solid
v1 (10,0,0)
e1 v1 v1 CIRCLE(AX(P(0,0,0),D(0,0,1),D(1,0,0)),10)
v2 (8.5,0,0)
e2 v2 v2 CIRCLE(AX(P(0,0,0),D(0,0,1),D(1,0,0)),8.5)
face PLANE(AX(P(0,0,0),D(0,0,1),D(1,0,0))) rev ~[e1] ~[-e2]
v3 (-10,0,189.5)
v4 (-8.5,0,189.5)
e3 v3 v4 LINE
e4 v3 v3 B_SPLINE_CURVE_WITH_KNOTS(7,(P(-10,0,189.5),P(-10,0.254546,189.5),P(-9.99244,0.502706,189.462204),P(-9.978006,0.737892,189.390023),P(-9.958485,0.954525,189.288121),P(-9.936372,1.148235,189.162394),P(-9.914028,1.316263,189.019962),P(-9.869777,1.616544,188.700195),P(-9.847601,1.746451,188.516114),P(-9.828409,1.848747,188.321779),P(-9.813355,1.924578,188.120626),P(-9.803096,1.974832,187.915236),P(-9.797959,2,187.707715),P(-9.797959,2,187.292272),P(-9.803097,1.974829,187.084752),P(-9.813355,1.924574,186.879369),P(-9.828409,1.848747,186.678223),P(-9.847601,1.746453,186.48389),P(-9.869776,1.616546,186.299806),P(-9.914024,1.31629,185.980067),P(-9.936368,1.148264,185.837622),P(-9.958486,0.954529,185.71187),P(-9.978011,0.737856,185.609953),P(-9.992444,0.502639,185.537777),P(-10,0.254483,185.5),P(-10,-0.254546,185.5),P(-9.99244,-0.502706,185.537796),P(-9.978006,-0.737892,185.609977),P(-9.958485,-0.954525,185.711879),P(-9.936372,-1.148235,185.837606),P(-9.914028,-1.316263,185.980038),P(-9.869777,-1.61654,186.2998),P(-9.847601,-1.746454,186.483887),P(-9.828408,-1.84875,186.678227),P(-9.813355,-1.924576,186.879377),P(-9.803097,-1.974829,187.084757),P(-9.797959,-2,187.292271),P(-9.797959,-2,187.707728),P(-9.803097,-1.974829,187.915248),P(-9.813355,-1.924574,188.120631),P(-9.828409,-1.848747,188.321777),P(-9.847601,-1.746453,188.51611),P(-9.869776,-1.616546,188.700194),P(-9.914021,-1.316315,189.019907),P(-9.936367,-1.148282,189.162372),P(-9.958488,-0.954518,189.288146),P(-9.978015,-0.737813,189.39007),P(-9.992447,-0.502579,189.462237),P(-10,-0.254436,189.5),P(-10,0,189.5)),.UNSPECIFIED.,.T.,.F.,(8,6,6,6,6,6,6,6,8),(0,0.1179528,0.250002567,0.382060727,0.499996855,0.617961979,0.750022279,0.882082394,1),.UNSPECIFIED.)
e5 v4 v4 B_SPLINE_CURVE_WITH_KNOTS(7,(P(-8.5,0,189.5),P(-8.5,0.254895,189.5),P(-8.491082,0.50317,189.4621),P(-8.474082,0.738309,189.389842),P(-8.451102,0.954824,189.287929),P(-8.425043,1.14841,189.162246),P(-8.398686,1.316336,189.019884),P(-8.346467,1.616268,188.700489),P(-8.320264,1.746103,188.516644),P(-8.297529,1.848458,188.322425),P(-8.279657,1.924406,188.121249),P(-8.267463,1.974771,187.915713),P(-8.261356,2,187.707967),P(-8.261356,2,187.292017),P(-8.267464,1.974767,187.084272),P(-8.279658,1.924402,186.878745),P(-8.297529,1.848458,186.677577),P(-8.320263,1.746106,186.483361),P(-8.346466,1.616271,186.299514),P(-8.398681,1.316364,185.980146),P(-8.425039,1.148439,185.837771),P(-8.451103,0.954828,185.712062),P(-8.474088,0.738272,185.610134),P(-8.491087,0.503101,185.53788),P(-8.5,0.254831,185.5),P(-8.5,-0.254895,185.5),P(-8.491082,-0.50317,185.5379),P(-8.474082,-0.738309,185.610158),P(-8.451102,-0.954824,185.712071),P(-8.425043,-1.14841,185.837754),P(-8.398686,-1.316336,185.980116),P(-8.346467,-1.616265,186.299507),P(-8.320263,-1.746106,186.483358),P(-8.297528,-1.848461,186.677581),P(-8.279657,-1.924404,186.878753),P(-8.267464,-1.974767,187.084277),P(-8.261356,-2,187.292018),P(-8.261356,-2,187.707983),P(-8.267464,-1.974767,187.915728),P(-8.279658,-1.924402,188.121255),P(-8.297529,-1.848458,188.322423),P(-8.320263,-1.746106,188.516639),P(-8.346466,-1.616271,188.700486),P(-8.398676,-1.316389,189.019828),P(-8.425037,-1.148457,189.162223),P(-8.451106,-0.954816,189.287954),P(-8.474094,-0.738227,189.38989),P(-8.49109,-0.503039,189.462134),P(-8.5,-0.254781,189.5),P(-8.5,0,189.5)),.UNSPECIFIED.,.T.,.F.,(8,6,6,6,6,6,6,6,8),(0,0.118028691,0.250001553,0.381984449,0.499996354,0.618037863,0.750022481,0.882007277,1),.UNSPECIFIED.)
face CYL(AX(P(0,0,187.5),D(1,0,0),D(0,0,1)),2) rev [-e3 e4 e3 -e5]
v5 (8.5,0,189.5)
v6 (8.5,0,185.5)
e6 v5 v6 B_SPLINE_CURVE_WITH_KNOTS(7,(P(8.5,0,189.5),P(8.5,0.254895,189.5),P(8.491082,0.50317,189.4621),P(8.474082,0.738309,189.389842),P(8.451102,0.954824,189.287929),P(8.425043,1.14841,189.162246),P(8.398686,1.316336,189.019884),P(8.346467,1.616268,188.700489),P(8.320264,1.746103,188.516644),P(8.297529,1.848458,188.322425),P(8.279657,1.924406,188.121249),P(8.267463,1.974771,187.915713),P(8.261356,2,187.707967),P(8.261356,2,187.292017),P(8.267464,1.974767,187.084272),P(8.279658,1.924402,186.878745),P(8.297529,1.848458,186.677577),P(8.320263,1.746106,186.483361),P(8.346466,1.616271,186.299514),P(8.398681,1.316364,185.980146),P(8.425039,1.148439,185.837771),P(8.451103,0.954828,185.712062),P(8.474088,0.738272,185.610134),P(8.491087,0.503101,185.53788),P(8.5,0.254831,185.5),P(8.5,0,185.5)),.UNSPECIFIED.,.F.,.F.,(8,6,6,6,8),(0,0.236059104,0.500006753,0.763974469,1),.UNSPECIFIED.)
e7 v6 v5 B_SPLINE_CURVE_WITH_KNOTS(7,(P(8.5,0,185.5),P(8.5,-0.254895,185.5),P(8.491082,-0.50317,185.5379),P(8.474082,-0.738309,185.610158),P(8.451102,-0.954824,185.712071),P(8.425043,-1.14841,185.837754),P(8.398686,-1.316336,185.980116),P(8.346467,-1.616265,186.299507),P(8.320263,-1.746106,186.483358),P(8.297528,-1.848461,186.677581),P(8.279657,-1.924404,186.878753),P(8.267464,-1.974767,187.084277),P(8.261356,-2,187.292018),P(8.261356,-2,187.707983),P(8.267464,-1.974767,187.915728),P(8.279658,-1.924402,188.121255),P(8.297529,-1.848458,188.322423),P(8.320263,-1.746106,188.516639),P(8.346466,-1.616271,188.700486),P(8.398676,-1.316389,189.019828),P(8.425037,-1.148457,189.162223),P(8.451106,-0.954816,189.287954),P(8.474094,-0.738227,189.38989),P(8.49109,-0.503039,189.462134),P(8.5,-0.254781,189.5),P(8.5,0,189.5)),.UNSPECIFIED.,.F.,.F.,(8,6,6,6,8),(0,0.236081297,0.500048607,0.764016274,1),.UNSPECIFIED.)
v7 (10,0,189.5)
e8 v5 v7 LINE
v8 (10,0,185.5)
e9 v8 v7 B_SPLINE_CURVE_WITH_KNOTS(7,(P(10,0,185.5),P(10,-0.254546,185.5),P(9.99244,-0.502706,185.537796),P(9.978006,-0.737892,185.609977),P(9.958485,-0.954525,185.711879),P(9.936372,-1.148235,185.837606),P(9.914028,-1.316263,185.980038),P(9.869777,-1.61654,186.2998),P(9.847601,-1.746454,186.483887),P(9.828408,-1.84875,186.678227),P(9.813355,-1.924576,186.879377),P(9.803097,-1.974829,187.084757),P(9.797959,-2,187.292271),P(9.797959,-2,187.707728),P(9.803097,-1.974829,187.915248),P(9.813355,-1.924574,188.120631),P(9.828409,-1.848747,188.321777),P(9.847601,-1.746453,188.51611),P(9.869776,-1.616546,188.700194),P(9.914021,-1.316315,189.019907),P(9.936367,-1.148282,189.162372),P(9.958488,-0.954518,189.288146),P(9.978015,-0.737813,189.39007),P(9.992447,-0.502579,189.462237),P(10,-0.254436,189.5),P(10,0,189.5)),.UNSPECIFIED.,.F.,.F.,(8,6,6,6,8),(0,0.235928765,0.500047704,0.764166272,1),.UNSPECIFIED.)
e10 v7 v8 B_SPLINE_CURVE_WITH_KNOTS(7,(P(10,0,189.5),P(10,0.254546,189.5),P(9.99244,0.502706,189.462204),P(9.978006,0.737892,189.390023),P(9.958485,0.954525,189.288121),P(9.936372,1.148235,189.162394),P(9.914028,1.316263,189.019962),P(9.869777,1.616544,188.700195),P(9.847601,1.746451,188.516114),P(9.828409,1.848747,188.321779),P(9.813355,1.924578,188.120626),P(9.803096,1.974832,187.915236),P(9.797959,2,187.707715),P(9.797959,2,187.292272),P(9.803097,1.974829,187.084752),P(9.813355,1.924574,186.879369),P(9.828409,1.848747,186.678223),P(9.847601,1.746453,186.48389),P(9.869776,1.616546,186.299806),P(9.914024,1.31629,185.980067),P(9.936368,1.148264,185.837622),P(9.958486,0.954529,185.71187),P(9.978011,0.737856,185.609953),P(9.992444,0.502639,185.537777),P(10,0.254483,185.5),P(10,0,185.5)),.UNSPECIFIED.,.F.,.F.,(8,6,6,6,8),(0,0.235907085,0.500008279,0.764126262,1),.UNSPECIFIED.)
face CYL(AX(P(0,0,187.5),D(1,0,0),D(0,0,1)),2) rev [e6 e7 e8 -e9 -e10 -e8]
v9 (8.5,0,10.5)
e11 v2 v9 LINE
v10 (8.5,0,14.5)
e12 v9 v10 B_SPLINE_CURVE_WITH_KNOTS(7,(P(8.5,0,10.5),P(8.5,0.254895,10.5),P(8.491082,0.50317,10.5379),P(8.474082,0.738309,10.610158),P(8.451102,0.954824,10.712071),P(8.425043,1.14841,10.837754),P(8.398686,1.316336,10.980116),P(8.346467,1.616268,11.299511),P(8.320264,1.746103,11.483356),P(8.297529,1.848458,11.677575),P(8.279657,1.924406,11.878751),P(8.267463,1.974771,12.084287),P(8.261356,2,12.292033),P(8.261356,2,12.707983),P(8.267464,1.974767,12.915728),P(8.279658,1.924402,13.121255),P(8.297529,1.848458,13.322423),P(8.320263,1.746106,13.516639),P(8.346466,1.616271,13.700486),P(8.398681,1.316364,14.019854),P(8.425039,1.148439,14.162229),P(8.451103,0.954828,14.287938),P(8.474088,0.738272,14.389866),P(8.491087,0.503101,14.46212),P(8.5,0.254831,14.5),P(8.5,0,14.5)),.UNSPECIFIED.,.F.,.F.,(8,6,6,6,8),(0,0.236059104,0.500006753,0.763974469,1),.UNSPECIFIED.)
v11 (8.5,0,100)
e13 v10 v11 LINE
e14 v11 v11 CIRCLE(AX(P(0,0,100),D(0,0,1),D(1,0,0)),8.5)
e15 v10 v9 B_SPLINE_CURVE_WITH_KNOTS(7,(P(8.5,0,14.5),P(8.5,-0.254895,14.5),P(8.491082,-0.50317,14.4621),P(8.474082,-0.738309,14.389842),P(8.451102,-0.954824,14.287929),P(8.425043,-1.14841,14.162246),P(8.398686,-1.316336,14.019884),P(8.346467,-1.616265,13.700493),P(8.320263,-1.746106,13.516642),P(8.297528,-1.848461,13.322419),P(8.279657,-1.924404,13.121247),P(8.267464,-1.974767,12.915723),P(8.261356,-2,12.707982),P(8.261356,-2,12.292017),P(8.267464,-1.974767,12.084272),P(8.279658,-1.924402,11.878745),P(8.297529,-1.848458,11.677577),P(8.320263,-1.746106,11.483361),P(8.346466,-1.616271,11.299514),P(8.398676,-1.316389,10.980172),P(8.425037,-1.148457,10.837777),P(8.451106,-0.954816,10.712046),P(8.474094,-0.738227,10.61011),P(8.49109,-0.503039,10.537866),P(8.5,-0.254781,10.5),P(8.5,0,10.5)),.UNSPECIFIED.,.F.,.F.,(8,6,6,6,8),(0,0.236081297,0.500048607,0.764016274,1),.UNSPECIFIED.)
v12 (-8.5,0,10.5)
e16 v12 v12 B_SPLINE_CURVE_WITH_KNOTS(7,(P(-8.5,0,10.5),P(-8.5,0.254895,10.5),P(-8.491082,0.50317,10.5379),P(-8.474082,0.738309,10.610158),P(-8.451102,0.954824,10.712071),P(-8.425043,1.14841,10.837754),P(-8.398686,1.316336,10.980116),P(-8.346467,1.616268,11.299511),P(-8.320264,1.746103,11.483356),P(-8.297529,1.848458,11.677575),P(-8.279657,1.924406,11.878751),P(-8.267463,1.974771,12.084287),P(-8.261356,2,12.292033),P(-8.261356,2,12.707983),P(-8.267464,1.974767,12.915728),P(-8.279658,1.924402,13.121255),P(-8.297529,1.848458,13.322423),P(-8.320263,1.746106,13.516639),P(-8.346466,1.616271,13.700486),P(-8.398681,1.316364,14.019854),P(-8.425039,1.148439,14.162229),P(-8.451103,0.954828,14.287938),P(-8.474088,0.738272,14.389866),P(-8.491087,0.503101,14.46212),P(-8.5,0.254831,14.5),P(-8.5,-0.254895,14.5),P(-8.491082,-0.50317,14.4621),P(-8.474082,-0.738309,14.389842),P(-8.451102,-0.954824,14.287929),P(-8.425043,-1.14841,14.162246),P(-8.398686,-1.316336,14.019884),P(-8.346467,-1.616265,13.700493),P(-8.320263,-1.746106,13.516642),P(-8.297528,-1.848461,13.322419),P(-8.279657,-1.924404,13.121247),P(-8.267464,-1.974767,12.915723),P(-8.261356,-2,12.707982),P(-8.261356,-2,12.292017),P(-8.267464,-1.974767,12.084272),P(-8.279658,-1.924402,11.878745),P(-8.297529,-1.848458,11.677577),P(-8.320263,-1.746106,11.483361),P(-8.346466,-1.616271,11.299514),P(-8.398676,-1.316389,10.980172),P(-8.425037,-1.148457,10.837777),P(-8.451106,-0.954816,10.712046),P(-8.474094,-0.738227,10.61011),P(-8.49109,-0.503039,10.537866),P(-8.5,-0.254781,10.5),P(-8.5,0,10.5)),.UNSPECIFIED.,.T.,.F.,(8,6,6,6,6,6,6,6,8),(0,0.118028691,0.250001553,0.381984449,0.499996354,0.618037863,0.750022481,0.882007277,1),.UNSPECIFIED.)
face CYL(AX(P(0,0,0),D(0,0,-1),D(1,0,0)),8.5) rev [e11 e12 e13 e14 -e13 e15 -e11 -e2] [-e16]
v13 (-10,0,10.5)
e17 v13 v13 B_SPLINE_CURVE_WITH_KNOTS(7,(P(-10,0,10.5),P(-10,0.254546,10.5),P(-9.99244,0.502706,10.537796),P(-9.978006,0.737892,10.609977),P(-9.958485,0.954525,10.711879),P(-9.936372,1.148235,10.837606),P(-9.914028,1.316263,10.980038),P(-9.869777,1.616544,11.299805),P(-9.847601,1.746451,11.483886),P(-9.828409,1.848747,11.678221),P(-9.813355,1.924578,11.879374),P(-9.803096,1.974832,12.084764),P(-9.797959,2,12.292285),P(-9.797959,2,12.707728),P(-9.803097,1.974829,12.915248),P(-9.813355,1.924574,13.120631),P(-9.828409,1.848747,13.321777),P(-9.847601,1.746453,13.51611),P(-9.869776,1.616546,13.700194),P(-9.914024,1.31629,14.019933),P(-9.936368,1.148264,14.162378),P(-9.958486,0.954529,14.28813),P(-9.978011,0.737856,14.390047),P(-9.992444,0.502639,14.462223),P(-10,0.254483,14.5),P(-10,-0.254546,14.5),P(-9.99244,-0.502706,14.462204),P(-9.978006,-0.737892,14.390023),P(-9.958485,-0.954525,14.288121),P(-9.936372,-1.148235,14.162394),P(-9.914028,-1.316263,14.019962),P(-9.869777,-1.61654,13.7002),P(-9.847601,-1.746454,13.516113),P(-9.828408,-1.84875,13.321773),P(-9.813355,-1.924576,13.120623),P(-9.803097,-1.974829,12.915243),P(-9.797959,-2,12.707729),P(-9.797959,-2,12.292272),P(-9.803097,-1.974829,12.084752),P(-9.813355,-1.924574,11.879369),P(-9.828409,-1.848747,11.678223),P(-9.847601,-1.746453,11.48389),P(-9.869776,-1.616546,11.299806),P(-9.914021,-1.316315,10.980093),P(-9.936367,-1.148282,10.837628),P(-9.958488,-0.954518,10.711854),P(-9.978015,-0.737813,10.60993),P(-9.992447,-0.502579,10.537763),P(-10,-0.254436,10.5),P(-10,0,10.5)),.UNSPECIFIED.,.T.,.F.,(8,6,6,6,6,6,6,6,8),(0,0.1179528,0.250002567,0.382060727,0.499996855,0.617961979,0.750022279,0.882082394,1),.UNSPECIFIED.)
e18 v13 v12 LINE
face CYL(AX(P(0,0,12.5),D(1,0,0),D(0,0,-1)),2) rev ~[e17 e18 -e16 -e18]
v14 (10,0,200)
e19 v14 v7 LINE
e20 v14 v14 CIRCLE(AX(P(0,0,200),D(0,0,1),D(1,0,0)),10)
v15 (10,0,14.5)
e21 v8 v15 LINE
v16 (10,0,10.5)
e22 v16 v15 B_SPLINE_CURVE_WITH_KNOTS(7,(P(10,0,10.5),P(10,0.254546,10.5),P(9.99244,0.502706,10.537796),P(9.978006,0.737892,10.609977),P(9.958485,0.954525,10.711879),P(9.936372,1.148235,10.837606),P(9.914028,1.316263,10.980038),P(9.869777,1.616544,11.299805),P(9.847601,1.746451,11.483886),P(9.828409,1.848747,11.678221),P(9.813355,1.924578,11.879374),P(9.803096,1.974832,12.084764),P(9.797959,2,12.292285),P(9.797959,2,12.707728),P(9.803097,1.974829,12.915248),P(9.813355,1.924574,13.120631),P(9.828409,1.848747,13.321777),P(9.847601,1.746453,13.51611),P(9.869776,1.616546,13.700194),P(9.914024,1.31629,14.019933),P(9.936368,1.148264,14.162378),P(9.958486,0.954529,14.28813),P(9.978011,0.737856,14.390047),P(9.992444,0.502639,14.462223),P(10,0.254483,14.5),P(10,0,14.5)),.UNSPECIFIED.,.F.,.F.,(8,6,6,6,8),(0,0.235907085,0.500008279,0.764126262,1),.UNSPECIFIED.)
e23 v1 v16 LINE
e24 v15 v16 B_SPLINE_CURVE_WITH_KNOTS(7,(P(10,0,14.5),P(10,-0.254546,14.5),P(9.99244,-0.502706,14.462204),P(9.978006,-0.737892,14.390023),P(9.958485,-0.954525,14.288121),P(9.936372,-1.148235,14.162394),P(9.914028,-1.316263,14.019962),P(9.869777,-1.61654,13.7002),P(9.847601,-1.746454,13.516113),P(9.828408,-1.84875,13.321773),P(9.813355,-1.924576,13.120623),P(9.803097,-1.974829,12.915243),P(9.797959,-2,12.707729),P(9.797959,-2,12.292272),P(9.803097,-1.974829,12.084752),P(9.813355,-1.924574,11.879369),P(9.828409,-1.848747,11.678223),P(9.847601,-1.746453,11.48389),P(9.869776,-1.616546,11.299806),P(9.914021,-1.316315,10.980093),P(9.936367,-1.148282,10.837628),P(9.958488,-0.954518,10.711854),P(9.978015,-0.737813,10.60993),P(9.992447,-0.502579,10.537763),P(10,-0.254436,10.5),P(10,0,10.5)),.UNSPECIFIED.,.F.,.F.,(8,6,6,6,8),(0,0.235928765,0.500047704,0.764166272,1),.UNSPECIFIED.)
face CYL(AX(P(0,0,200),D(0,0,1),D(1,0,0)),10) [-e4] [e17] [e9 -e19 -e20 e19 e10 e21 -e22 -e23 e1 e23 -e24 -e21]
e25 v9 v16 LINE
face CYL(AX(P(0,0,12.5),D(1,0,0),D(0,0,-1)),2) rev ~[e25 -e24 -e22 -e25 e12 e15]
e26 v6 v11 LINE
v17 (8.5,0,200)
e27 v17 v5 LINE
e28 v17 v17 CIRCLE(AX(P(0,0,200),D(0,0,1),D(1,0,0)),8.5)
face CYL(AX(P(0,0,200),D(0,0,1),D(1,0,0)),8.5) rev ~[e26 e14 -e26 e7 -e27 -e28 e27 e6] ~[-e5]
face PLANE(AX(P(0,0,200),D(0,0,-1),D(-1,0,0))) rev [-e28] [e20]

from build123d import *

# Parameters (mm, degrees)
SKETCH1_R           = 10
SKETCH1_R_2         = 8.5
BOSS_EXTRUDE1_DEPTH = 100
SKETCH2_R           = 2
CUT_EXTRUDE1_DEPTH  = 101.995049384


with BuildPart() as part:
    # Sketch1 → Boss-Extrude1 (new body)
    with BuildSketch(Plane.XY):
        Circle(SKETCH1_R)
        Circle(SKETCH1_R_2, mode=Mode.SUBTRACT)
    boss_extrude1 = extrude(amount=BOSS_EXTRUDE1_DEPTH)

    # Sketch2 → Cut-Extrude1 (cut, symmetric)
    with BuildSketch(Plane(origin=(0, 0, 0), x_dir=(0, 0, -1), z_dir=(1, 0, 0))):
        with Locations((-12.5, 0)):
            Circle(SKETCH2_R)
    cut_extrude1 = extrude(amount=CUT_EXTRUDE1_DEPTH, both=True, mode=Mode.SUBTRACT)

    # Mirror1: Boss-Extrude1, Cut-Extrude1 across plane
    add(boss_extrude1.mirror(Plane.XY.offset(100)))
    add(cut_extrude1.mirror(Plane.XY.offset(100)), mode=Mode.SUBTRACT)


solid = part.part
